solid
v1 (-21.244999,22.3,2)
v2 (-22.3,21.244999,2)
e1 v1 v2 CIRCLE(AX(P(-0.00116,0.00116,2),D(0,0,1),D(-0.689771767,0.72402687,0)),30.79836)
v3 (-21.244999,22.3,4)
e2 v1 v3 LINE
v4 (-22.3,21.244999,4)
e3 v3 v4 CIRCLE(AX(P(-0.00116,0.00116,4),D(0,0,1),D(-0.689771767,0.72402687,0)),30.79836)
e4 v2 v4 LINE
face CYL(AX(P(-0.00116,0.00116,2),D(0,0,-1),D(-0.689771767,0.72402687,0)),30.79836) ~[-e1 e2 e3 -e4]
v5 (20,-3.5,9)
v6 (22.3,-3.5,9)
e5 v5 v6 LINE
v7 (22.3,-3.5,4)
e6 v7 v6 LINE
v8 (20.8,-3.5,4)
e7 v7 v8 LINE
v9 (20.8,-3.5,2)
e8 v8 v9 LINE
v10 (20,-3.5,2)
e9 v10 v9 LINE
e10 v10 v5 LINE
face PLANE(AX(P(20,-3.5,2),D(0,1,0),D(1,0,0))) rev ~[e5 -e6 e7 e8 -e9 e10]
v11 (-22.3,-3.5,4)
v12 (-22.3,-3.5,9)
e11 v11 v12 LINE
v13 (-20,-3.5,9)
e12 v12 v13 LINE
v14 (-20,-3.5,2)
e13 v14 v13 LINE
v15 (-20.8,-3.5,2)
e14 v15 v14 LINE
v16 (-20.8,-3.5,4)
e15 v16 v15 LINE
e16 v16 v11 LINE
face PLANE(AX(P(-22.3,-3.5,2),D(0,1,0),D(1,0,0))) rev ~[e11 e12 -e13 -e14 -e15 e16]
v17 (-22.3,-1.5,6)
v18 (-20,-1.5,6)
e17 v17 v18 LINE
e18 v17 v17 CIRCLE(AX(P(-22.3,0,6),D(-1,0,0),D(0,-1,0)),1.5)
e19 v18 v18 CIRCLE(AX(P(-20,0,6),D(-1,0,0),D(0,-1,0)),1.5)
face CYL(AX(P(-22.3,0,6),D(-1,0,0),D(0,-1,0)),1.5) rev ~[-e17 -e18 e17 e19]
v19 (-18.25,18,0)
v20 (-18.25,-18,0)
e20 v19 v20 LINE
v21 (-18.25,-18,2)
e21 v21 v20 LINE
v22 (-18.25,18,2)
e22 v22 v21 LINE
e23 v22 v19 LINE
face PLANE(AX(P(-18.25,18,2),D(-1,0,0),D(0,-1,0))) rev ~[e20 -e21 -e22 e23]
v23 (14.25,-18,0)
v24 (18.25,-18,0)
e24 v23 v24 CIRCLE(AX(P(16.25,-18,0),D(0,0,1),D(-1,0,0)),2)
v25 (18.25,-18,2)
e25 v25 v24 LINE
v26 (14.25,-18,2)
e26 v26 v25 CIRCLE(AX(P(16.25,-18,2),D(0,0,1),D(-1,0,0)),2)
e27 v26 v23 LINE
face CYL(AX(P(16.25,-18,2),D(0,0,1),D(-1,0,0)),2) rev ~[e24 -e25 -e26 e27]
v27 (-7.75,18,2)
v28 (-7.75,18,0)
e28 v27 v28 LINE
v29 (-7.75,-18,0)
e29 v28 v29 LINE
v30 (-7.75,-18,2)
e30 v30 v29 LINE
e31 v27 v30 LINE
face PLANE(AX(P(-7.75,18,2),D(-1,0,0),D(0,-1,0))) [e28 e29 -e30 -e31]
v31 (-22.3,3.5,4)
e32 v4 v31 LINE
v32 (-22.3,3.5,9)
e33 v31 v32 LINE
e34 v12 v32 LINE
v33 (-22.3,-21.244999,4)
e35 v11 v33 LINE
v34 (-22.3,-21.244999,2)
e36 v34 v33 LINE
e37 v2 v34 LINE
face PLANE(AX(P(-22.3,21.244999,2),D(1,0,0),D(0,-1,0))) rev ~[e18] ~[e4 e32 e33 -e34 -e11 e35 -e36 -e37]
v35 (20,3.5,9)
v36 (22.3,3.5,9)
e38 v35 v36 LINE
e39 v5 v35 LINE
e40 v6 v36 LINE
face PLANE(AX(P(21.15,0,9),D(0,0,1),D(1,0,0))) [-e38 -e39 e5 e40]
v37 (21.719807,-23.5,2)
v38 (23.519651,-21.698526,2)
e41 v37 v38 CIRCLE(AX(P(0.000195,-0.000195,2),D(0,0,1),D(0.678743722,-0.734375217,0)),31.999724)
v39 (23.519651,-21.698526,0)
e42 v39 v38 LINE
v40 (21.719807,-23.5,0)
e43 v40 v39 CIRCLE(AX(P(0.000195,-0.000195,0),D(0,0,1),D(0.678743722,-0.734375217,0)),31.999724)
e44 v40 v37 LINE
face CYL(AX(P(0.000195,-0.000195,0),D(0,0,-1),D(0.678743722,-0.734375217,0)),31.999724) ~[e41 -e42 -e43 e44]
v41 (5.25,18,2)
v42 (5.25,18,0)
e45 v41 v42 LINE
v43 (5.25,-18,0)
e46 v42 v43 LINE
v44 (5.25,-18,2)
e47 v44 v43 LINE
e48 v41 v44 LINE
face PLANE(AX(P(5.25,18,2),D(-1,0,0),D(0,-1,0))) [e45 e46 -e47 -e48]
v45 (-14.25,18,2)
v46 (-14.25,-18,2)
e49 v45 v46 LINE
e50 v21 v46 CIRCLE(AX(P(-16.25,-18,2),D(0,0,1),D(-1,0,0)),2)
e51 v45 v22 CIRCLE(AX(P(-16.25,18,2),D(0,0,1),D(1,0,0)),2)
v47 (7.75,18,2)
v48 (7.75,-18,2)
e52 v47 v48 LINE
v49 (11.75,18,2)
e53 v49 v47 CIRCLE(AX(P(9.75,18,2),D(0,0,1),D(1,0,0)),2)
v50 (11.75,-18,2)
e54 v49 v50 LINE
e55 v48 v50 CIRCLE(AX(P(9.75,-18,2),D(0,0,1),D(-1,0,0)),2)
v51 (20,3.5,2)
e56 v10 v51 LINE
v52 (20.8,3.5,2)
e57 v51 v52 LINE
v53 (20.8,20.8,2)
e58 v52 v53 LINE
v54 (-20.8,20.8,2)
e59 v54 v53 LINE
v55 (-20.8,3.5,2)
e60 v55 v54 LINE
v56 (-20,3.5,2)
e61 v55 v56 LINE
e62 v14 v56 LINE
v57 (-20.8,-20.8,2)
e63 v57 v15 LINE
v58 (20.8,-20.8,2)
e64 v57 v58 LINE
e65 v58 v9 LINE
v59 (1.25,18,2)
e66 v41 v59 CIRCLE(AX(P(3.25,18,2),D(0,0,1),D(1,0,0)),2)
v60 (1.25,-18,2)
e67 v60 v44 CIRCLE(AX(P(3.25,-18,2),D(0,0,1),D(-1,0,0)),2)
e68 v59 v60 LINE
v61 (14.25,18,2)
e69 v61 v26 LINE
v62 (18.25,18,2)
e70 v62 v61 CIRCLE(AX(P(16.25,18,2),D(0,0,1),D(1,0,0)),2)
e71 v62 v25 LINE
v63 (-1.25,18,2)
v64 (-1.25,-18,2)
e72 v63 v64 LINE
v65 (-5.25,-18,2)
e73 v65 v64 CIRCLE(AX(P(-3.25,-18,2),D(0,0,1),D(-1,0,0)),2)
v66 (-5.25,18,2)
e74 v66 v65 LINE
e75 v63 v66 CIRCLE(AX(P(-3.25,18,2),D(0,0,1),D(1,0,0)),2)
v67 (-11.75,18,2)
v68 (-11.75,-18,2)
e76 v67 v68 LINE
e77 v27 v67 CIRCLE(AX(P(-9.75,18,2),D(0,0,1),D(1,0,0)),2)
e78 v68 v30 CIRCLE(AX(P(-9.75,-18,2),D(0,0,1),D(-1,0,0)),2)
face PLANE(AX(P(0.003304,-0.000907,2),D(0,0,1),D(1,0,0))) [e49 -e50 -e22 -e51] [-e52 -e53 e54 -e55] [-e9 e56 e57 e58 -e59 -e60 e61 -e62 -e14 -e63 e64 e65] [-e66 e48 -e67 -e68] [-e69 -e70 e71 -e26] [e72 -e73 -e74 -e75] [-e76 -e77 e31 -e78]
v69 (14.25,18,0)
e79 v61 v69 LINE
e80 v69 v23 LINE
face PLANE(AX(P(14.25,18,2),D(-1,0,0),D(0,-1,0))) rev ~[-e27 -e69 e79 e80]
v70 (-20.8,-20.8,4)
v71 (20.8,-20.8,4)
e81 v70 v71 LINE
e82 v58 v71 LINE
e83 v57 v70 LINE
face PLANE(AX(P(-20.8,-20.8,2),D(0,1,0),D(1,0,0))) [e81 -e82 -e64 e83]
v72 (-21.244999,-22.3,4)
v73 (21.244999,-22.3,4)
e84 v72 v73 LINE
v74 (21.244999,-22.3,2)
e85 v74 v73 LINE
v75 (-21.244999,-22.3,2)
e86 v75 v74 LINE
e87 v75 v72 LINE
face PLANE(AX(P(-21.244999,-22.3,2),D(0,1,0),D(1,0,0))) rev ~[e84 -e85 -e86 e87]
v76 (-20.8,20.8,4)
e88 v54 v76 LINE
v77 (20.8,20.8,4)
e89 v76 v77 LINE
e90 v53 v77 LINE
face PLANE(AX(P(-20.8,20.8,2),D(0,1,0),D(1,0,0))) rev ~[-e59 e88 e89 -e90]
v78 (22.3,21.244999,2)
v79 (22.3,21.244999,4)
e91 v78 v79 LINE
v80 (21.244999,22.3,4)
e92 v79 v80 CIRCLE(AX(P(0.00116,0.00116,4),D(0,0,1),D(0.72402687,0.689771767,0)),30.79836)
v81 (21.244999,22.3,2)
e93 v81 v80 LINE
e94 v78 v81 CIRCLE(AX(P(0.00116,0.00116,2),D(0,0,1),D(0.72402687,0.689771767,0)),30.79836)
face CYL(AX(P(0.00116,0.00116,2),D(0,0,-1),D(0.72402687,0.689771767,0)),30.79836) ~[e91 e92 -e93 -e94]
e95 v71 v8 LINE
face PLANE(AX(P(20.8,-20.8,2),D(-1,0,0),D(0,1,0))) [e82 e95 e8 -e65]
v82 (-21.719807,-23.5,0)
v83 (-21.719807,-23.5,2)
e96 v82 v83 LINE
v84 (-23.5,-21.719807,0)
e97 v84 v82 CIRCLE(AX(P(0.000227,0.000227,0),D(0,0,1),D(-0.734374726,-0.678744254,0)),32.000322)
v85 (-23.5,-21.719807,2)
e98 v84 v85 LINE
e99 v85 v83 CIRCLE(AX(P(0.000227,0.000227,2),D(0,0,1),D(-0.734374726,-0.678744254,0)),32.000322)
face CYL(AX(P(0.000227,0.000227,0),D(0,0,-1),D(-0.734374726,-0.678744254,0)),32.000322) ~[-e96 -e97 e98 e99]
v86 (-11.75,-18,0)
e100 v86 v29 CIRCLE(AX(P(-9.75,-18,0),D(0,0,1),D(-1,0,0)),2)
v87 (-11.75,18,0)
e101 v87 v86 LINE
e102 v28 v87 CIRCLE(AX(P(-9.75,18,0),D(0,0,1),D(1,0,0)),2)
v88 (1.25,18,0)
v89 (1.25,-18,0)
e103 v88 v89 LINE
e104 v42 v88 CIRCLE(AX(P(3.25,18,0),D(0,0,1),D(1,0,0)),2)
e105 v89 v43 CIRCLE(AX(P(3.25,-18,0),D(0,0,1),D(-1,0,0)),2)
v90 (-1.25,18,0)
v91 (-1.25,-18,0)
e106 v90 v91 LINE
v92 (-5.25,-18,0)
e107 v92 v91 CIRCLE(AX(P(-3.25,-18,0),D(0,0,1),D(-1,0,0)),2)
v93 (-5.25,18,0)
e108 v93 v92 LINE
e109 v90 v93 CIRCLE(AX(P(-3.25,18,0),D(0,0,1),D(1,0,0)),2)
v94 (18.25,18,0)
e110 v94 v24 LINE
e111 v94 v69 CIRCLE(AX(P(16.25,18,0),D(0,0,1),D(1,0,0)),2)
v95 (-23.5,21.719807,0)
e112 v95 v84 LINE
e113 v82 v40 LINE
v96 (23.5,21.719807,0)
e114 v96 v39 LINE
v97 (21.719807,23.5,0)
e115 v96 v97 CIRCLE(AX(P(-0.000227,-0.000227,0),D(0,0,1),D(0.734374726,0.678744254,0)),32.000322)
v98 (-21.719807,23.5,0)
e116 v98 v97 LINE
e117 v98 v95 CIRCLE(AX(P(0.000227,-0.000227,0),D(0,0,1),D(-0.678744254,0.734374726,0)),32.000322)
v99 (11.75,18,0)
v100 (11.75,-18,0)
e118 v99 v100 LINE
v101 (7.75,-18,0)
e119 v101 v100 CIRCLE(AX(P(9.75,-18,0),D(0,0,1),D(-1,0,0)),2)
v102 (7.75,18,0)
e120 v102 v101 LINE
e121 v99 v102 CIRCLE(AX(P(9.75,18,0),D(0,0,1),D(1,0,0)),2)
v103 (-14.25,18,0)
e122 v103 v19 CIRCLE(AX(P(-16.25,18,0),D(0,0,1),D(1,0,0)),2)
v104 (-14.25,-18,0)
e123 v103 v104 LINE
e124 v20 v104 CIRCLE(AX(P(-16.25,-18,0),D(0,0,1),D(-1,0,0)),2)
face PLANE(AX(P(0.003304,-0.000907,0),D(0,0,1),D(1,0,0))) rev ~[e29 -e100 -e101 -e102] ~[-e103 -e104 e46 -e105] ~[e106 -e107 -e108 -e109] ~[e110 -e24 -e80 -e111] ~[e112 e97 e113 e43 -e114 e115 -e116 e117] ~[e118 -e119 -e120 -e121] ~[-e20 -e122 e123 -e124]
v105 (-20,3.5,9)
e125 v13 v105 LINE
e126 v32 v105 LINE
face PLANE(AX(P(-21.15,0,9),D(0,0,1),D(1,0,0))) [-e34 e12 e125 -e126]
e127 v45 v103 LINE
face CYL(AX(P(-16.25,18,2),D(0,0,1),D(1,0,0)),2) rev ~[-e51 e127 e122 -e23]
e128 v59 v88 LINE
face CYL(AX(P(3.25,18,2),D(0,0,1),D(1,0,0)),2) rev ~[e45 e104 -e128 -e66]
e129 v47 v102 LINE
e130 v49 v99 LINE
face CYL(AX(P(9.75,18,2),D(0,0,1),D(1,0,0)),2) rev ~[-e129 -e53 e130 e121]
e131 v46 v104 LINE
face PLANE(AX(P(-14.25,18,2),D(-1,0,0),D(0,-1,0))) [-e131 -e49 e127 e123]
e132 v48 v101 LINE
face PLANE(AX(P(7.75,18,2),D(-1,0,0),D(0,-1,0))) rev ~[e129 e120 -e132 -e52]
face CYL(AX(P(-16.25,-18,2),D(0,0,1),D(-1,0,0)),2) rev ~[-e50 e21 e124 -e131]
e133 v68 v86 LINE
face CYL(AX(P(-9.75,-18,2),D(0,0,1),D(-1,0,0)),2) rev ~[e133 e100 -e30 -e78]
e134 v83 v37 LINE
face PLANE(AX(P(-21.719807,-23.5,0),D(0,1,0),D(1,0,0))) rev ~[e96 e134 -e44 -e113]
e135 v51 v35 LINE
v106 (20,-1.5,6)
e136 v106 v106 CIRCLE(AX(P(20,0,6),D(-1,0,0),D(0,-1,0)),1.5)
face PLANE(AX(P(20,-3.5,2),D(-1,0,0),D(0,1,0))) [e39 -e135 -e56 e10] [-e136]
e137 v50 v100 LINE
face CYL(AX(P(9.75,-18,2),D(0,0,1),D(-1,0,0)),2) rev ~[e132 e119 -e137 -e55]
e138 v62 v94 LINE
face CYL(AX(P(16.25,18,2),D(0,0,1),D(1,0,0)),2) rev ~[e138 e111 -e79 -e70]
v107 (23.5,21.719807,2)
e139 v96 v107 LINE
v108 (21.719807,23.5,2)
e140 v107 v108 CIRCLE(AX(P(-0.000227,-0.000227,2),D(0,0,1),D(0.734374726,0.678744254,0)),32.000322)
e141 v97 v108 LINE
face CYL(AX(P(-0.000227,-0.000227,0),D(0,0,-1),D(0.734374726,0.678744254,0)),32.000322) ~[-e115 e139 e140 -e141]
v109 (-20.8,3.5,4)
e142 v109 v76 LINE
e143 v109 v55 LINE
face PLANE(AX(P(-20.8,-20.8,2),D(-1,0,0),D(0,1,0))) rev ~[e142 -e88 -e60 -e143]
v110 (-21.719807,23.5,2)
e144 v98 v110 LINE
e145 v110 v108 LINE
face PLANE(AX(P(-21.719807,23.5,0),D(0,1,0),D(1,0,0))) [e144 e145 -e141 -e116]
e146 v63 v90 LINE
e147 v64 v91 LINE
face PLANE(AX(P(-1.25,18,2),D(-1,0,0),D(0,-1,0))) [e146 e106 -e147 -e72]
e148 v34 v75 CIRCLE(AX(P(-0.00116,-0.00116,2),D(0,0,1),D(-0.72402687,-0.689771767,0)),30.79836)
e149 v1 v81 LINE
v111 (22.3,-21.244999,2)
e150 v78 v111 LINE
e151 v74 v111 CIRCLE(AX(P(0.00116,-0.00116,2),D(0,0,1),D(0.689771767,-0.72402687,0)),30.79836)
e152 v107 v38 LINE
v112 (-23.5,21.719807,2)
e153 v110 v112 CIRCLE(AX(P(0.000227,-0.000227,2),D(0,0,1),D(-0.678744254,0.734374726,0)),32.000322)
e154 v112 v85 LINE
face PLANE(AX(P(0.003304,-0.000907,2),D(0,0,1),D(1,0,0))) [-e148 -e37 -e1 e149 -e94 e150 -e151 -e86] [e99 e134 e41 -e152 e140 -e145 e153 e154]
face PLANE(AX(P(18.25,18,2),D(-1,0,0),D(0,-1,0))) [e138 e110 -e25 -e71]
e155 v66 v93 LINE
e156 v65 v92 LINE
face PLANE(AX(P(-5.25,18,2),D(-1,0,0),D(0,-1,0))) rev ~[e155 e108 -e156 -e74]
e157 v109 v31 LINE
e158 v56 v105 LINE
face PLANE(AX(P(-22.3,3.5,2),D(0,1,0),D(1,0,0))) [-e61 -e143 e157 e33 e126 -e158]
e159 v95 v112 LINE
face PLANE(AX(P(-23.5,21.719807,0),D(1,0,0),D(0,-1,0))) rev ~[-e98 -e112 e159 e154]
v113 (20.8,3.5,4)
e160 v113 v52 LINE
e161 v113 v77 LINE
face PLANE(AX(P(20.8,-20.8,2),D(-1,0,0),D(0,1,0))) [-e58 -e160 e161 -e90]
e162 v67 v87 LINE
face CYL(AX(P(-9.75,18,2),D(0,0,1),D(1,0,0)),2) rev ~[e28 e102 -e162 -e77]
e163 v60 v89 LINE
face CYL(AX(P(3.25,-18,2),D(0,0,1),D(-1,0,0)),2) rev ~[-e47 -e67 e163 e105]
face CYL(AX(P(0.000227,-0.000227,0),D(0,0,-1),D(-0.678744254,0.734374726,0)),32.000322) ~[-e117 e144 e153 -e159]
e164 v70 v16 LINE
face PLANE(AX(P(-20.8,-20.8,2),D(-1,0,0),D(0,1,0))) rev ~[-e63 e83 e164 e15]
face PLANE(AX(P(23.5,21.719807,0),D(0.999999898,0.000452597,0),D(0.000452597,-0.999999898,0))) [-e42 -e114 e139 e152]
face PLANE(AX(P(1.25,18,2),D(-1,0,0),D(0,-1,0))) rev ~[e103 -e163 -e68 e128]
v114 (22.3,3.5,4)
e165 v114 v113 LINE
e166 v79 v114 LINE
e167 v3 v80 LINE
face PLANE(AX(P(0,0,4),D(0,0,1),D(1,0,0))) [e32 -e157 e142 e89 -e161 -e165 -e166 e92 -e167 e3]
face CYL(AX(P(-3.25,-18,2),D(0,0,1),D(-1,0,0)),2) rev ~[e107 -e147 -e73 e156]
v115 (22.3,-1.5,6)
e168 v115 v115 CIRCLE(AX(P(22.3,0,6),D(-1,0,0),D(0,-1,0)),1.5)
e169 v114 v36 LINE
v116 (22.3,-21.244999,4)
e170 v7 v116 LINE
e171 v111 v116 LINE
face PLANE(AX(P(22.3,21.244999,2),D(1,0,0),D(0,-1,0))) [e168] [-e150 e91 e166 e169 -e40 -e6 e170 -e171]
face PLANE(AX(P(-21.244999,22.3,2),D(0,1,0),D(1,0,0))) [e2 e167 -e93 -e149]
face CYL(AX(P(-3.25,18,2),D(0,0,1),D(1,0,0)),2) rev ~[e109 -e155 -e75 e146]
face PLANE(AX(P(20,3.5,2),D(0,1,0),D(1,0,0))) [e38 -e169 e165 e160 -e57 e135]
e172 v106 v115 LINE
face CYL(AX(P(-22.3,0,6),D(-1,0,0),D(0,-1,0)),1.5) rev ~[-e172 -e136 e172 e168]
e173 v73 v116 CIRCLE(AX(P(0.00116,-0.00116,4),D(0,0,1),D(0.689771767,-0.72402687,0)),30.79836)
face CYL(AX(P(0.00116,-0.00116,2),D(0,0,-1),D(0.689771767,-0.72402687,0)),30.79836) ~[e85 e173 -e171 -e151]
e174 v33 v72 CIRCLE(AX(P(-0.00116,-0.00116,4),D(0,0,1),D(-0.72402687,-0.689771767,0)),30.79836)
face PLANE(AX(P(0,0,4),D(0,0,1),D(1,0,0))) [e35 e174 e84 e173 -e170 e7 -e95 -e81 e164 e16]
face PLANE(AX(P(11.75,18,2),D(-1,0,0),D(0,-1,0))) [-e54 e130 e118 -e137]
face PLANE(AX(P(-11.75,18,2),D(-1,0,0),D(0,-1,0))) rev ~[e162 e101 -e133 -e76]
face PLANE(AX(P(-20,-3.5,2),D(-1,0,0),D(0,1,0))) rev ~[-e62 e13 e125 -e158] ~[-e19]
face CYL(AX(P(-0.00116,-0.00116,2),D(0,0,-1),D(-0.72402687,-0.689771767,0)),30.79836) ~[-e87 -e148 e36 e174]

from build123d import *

# Parameters (mm, degrees)
PAD_DEPTH       = 2
SKETCH001_W     = 41.6
SKETCH001_H     = 41.6
PAD001_DEPTH    = 2
SKETCH002_W     = 2.3
SKETCH002_H     = 7
PAD002_DEPTH    = 7
SKETCH003_R     = 1.5
POCKET_DEPTH    = 45.820651
POCKET001_DEPTH = 2.001


with BuildPart() as part:
    # Sketch → Pad (new body)
    with BuildSketch(Plane.XY):
        with BuildLine():
            Line((-23.5, 21.719807), (-23.5, -21.719807))
            ThreePointArc((-23.5, -21.719807), (-22.627417, -22.627417), (-21.719807, -23.5))
            Line((-21.719807, -23.5), (21.719807, -23.5))
            ThreePointArc((21.719807, -23.5), (22.637656, -22.617174), (23.519651, -21.698526))
            Line((23.5, 21.719807), (23.519651, -21.698526))
            ThreePointArc((23.5, 21.719807), (22.627417, 22.627417), (21.719807, 23.5))
            Line((-21.719807, 23.5), (21.719807, 23.5))
            ThreePointArc((-21.719807, 23.5), (-22.627417, 22.627417), (-23.5, 21.719807))
        make_face()
    extrude(amount=PAD_DEPTH)

    # Sketch001 (on Face10 of Pad) → Pad001 (join)
    with BuildSketch(Plane.XY.offset(2)):
        with BuildLine():
            Line((-22.3, 21.244999), (-22.3, -21.244999))
            ThreePointArc((-22.3, -21.244999), (-21.778889, -21.778889), (-21.244999, -22.3))
            Line((-21.244999, -22.3), (21.244999, -22.3))
            ThreePointArc((21.244999, -22.3), (21.778889, -21.778889), (22.3, -21.244999))
            Line((22.3, 21.244999), (22.3, -21.244999))
            ThreePointArc((22.3, 21.244999), (21.778889, 21.778889), (21.244999, 22.3))
            Line((-21.244999, 22.3), (21.244999, 22.3))
            ThreePointArc((-21.244999, 22.3), (-21.778889, 21.778889), (-22.3, 21.244999))
        make_face()
        Rectangle(SKETCH001_W, SKETCH001_H, mode=Mode.SUBTRACT)
    extrude(amount=PAD001_DEPTH)

    # Sketch002 (on Face24 of Pad001) → Pad002 (join)
    with BuildSketch(Plane.XY.offset(2)):
        with Locations((-21.15, 0)):
            Rectangle(SKETCH002_W, SKETCH002_H)
        with Locations((21.15, 0)):
            Rectangle(SKETCH002_W, SKETCH002_H)
    extrude(amount=PAD002_DEPTH)

    # Sketch003 (on Face24 of Pad002) → Pocket (cut, through all)
    with BuildSketch(Plane(origin=(-22.3, 0, 0), x_dir=(0, -1, 0), z_dir=(-1, 0, 0))):
        with Locations((0, 6)):
            Circle(SKETCH003_R)
    extrude(amount=-POCKET_DEPTH, mode=Mode.SUBTRACT)

    # Sketch004 (on Face41 of Pocket) → Pocket001 (cut, through all)
    with BuildSketch(Plane.XY.offset(2)):
        with BuildLine():
            Line((-1.25, 18), (-1.25, -18))
            ThreePointArc((-5.25, -18), (-3.25, -20), (-1.25, -18))
            Line((-5.25, 18), (-5.25, -18))
            ThreePointArc((-1.25, 18), (-3.25, 20), (-5.25, 18))
        make_face()
        with BuildLine():
            Line((-7.75, 18), (-7.75, -18))
            ThreePointArc((-11.75, -18), (-9.75, -20), (-7.75, -18))
            Line((-11.75, 18), (-11.75, -18))
            ThreePointArc((-7.75, 18), (-9.75, 20), (-11.75, 18))
        make_face()
        with BuildLine():
            Line((-14.25, 18), (-14.25, -18))
            ThreePointArc((-18.25, -18), (-16.25, -20), (-14.25, -18))
            Line((-18.25, 18), (-18.25, -18))
            ThreePointArc((-14.25, 18), (-16.25, 20), (-18.25, 18))
        make_face()
        with BuildLine():
            Line((1.25, 18), (1.25, -18))
            ThreePointArc((1.25, -18), (3.25, -20), (5.25, -18))
            Line((5.25, 18), (5.25, -18))
            ThreePointArc((5.25, 18), (3.25, 20), (1.25, 18))
        make_face()
        with BuildLine():
            Line((7.75, 18), (7.75, -18))
            ThreePointArc((7.75, -18), (9.75, -20), (11.75, -18))
            Line((11.75, 18), (11.75, -18))
            ThreePointArc((11.75, 18), (9.75, 20), (7.75, 18))
        make_face()
        with BuildLine():
            Line((14.25, 18), (14.25, -18))
            ThreePointArc((14.25, -18), (16.25, -20), (18.25, -18))
            Line((18.25, 18), (18.25, -18))
            ThreePointArc((18.25, 18), (16.25, 20), (14.25, 18))
        make_face()
    extrude(amount=-POCKET001_DEPTH, mode=Mode.SUBTRACT)


solid = part.part
